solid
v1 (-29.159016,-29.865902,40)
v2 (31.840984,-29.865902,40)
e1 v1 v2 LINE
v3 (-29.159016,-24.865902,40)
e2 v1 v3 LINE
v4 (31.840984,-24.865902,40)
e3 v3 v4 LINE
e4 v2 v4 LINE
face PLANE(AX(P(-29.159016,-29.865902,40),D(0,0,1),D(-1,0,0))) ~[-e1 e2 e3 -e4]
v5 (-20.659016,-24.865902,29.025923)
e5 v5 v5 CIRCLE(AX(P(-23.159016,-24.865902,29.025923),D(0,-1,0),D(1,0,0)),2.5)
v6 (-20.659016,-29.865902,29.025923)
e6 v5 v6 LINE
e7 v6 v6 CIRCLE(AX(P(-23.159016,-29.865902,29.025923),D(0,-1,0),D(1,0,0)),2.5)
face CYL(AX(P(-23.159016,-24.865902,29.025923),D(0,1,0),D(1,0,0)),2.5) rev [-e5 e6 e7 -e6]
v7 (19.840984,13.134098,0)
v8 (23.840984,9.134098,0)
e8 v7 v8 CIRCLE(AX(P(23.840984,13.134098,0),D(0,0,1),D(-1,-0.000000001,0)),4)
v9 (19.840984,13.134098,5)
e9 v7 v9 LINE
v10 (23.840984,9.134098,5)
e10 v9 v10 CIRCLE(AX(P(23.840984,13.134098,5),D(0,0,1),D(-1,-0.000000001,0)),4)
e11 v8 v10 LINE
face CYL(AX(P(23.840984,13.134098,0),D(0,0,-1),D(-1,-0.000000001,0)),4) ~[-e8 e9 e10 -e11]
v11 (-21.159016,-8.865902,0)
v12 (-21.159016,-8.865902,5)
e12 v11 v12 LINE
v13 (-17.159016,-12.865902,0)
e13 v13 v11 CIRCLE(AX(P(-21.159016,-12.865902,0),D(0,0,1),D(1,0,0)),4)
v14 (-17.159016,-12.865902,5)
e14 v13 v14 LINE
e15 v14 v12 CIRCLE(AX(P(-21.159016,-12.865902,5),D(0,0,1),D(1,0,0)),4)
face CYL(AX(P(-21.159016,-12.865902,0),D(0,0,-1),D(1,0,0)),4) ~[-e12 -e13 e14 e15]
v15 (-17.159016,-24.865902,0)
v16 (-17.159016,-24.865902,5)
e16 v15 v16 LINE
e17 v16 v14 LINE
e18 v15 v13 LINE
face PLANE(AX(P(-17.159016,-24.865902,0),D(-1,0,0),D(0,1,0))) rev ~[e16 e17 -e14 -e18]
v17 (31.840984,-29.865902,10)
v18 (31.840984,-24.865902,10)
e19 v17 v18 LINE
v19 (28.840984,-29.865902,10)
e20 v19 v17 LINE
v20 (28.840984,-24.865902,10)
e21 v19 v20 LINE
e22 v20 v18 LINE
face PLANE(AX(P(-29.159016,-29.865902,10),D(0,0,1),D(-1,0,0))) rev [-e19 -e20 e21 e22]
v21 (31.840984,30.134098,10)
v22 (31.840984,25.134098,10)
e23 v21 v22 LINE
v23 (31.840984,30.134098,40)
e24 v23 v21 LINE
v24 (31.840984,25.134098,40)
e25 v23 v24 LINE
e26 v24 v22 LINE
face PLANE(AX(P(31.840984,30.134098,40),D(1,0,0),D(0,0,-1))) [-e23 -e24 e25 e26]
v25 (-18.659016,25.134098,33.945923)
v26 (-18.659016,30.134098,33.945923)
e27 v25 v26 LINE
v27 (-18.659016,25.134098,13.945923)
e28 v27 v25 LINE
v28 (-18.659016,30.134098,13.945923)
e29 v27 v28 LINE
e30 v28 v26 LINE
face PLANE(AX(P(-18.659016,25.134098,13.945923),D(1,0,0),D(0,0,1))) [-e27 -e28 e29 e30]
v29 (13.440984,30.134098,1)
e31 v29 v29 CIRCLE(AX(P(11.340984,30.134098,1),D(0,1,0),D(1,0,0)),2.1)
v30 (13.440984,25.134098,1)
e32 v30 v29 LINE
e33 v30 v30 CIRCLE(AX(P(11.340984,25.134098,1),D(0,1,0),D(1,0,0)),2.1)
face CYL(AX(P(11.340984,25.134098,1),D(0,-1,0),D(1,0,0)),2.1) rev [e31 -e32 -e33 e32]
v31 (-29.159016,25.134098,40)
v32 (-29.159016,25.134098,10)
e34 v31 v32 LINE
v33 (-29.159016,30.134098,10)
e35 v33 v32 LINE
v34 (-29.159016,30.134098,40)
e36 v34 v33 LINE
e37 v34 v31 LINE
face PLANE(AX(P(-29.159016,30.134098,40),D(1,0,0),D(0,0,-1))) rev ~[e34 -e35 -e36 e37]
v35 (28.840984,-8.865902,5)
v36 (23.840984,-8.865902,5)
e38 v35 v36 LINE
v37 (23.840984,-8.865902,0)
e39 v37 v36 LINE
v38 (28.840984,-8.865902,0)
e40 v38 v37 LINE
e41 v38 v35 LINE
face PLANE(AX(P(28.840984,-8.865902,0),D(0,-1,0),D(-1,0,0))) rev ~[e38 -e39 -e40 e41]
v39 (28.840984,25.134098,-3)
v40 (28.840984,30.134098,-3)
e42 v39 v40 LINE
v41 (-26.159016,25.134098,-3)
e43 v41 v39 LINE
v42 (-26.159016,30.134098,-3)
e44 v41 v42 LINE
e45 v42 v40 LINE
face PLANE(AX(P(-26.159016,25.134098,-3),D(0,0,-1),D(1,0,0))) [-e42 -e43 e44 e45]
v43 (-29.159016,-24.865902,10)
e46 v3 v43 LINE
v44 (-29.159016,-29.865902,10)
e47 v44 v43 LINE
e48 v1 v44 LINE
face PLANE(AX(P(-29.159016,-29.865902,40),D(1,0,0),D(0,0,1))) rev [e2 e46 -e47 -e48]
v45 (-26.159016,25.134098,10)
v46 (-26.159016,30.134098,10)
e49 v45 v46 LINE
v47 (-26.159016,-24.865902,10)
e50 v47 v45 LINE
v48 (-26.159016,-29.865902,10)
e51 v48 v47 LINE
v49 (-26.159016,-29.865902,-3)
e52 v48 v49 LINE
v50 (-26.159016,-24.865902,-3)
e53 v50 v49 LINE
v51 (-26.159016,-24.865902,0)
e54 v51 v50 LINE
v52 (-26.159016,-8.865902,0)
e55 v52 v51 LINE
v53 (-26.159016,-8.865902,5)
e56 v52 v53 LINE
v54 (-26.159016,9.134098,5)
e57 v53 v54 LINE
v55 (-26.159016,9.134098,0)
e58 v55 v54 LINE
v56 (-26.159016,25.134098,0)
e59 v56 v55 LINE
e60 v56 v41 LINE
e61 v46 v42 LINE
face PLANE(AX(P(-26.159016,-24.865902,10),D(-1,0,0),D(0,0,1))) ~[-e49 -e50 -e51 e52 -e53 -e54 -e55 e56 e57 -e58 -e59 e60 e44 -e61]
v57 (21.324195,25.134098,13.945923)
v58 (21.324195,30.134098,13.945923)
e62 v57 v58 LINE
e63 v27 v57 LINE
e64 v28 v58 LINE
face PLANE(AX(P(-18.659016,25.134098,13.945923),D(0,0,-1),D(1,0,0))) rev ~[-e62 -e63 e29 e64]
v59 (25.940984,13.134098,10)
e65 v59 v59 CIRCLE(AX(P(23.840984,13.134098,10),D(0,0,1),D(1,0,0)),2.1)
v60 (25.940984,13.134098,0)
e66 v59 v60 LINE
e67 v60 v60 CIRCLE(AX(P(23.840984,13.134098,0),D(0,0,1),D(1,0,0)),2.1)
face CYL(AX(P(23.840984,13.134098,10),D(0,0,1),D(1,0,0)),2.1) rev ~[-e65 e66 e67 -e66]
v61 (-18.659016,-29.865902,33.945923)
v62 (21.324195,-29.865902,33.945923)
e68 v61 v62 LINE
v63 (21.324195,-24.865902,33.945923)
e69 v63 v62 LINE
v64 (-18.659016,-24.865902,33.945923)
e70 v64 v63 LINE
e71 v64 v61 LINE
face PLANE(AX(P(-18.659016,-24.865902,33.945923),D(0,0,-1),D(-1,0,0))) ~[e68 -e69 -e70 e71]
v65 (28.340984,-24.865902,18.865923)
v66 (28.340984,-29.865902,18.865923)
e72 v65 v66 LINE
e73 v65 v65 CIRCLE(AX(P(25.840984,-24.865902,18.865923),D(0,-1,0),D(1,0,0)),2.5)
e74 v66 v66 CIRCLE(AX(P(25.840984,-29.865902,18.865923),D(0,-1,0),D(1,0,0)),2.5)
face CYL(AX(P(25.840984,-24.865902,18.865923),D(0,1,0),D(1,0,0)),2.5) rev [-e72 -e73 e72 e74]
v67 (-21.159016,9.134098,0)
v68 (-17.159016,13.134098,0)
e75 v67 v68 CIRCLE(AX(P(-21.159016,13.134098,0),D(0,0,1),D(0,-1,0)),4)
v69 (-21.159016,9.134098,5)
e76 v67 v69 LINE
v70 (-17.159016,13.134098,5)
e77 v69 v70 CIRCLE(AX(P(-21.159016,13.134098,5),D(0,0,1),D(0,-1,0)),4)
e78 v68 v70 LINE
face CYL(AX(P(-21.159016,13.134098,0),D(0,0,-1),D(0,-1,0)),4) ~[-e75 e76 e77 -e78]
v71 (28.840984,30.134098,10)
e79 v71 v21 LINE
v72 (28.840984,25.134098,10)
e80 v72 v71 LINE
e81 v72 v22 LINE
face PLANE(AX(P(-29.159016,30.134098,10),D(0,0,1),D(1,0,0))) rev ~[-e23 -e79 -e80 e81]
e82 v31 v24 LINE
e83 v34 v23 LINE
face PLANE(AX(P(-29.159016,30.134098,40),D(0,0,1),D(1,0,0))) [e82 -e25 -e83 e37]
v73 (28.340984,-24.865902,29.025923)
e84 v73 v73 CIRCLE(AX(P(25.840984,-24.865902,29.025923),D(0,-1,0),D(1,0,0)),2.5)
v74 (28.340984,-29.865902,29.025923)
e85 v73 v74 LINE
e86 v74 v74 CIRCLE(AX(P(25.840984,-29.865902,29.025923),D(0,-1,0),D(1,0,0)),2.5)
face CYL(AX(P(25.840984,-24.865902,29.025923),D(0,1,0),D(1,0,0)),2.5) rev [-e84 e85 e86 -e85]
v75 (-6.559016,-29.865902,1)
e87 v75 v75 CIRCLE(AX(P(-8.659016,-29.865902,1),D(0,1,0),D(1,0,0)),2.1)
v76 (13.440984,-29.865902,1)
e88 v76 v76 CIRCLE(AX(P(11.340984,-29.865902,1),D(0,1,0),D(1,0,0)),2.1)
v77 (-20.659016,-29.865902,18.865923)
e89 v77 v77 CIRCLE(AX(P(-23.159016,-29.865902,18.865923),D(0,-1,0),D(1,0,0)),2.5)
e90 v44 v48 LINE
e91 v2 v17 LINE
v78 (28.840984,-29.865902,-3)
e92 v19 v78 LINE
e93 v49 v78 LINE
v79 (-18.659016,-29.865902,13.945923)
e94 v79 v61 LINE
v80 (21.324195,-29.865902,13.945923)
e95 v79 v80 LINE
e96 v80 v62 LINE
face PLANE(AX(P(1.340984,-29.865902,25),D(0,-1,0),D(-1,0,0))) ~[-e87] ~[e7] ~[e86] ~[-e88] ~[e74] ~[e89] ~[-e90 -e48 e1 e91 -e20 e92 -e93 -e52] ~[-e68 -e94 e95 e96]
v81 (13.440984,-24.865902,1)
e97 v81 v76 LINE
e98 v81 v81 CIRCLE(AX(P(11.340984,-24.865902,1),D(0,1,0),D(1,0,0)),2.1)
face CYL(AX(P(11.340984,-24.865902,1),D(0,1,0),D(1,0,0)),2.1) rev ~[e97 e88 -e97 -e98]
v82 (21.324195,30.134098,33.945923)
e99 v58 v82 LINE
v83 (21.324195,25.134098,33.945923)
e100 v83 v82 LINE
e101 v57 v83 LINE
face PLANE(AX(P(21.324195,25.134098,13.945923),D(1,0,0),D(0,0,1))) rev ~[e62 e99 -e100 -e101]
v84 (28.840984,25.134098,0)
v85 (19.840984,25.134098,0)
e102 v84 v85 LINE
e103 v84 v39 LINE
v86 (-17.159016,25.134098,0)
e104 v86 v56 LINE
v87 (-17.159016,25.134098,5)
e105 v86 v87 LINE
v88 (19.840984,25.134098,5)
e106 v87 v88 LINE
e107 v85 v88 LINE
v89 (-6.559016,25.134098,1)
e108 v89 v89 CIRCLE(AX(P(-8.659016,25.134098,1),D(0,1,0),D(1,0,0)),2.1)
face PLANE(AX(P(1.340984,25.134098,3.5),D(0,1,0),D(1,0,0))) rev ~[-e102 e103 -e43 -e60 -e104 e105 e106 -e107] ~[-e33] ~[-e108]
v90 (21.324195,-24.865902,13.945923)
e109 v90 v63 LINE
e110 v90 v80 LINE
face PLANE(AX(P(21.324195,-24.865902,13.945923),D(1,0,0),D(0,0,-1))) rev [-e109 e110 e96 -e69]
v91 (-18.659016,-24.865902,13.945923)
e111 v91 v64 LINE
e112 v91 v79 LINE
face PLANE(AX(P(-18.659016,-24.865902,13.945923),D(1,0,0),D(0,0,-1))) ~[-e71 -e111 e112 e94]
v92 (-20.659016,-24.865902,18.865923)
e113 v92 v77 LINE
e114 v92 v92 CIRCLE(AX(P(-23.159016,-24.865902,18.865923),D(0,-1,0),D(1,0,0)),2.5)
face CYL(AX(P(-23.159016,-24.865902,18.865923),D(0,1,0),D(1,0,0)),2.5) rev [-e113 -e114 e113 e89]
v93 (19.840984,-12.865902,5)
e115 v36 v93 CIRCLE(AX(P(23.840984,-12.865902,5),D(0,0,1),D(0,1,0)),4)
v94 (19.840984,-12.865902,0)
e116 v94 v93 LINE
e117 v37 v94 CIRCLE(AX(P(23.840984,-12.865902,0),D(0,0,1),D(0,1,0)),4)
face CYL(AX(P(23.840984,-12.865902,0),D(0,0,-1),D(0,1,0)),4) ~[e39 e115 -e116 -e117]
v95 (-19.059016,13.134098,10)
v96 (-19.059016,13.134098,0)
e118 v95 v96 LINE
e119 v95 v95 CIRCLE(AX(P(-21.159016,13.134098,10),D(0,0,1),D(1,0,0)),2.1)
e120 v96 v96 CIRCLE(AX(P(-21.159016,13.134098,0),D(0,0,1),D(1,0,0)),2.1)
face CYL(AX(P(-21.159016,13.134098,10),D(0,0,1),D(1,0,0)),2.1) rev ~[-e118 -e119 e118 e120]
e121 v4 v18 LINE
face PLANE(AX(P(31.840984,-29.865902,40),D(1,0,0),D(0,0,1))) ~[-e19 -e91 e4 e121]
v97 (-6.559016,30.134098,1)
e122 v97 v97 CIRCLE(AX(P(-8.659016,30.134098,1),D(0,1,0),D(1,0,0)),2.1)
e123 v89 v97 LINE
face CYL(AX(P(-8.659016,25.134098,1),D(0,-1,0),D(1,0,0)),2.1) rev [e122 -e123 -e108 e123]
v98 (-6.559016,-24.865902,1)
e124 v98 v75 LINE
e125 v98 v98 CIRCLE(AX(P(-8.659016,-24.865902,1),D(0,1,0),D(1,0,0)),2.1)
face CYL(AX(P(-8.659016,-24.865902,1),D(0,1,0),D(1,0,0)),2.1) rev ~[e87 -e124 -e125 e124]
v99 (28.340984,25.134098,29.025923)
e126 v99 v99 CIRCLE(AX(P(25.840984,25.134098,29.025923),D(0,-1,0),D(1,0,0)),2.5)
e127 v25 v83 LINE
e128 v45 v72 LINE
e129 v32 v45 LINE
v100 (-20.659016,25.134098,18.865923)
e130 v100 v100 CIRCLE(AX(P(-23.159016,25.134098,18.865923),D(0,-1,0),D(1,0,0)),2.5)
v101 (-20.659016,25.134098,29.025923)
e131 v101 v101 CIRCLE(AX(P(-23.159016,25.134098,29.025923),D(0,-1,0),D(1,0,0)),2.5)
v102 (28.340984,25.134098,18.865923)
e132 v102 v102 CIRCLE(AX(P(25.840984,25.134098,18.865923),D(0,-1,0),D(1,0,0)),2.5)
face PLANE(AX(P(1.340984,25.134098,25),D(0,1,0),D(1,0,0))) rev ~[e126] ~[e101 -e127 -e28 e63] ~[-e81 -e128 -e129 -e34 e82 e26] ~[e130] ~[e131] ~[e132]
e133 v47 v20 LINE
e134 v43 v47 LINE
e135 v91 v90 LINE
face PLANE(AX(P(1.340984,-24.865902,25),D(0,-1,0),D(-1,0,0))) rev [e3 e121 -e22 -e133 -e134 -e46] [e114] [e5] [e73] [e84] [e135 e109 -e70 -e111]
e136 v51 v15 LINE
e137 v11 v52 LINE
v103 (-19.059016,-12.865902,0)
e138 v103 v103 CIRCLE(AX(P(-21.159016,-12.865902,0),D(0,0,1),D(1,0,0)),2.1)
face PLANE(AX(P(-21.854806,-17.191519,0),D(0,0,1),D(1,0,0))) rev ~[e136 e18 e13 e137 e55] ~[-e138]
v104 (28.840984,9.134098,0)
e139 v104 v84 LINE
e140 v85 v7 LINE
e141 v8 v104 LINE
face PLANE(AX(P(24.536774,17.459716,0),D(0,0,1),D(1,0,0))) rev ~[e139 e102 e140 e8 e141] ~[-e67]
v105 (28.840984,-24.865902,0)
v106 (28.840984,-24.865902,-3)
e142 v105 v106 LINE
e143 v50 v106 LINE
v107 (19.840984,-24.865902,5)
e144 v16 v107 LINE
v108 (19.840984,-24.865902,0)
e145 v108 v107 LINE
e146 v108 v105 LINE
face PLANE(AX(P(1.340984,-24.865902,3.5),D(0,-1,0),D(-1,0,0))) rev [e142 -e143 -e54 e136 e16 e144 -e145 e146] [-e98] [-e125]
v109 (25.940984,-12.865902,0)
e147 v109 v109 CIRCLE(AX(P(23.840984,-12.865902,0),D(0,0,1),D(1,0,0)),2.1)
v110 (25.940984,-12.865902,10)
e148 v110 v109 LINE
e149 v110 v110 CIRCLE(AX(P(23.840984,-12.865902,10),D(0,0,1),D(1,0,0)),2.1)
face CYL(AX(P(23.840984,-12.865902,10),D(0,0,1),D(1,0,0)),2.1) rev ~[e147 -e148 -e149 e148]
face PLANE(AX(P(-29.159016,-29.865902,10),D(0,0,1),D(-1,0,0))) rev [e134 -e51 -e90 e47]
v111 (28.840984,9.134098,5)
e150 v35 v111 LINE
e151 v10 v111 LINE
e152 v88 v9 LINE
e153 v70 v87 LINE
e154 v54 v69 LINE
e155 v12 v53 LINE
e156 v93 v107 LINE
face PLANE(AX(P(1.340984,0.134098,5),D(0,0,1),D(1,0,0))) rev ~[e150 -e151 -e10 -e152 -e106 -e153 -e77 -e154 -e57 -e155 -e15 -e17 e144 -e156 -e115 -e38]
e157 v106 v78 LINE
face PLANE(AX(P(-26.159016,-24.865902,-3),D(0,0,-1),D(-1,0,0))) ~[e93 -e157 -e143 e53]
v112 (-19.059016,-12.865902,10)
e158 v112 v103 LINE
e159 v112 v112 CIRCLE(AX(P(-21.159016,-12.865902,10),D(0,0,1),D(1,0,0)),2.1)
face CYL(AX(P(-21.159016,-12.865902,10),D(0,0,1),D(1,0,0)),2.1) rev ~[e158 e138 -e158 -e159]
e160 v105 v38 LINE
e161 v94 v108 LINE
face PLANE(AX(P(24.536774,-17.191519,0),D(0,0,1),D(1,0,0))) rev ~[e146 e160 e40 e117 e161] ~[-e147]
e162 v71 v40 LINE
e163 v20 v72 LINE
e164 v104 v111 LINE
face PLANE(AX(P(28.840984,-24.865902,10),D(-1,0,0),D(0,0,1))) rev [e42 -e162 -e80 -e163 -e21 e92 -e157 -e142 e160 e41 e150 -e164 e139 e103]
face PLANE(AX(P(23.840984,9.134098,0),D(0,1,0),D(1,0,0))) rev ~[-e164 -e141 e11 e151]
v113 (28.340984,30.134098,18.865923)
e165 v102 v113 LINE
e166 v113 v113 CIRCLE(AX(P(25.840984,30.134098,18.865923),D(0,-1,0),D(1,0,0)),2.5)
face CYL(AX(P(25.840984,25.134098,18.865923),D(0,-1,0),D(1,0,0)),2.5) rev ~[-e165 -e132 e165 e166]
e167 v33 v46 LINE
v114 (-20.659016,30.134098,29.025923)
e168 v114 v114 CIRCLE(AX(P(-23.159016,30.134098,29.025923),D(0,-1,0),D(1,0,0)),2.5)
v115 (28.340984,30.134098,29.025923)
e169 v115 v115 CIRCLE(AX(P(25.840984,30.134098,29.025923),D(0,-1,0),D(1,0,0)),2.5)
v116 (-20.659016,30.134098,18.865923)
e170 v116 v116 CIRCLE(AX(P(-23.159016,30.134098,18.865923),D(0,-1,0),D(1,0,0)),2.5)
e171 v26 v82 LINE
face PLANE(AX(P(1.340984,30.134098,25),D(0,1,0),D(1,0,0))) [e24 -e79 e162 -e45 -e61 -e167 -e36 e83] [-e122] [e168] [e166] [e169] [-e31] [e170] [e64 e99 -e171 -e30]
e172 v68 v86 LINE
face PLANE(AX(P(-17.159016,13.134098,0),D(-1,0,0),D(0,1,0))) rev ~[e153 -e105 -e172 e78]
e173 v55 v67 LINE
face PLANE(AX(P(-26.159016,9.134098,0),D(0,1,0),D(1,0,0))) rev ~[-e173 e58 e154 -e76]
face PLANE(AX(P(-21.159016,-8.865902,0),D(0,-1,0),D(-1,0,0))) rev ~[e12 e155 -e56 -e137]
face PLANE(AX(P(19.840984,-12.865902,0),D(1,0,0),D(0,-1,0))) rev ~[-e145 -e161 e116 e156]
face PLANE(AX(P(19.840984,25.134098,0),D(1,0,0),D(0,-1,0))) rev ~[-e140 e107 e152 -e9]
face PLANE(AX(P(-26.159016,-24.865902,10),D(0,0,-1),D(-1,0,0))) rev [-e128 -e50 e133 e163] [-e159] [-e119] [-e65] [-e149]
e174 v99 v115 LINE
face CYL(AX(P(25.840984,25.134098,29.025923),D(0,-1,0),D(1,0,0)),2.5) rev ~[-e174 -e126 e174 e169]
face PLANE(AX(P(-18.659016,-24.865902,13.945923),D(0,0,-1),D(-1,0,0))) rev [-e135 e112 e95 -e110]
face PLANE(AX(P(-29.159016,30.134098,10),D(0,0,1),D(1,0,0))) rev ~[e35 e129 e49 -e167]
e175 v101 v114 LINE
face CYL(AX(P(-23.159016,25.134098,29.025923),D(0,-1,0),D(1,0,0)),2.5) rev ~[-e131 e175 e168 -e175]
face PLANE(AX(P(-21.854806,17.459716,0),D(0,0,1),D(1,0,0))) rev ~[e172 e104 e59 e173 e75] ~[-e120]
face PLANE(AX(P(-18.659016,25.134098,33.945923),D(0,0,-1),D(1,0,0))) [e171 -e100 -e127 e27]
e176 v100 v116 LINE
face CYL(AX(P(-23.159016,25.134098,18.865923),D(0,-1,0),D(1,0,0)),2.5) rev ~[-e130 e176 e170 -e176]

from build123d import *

# Parameters (mm, degrees)
BOSS_EXTRUDE1_DEPTH   = 5
BOSS_EXTRUDE1_2_DEPTH = 5
BOSS_EXTRUDE1_3_DEPTH = 5
BOSS_EXTRUDE1_4_DEPTH = 5
SKETCH2_W             = 55
SKETCH2_H             = 50
BOSS_EXTRUDE2_DEPTH   = 5
SKETCH3_W             = 55
SKETCH3_H             = 13
SKETCH3_R             = 2.1
BOSS_EXTRUDE3_DEPTH   = 5
SKETCH4_W             = 61
SKETCH4_H             = 30
BOSS_EXTRUDE4_DEPTH   = 5
SKETCH5_R             = 2.5
SKETCH5_W             = 39.983210939
SKETCH5_H             = 20
CUT_EXTRUDE3_DEPTH    = 5
SKETCH7_R             = 2.1
CUT_EXTRUDE4_DEPTH    = 14


with BuildPart() as part:
    # Sketch1 → Boss-Extrude1 (new body)
    with BuildSketch(Plane.XY):
        with BuildLine():
            Line((23.840984083, 9.134098408), (28.840984083, 9.134098408))
            Line((28.840984083, 9.134098408), (28.840984083, 25.134098408))
            Line((28.840984083, 25.134098408), (19.840984083, 25.134098408))
            Line((19.840984083, 25.134098408), (19.840984083, 13.134098408))
            ThreePointArc((19.840984083, 13.134098408), (21.012556959, 10.305671284), (23.840984083, 9.134098408))
        make_face()
    extrude(amount=BOSS_EXTRUDE1_DEPTH)



with BuildPart() as body_2:
    # Sketch1 → Boss-Extrude1 2 (new body)
    with BuildSketch(Plane.XY):
        with BuildLine():
            Line((-26.159015917, 9.134098408), (-21.159015917, 9.134098408))
            ThreePointArc((-21.159015917, 9.134098408), (-18.330588792, 10.305671284), (-17.159015917, 13.134098408))
            Line((-17.159015917, 13.134098408), (-17.159015917, 25.134098408))
            Line((-17.159015917, 25.134098408), (-26.159015917, 25.134098408))
            Line((-26.159015917, 25.134098408), (-26.159015917, 9.134098408))
        make_face()
    extrude(amount=BOSS_EXTRUDE1_2_DEPTH)


with BuildPart() as body_3:
    # Sketch1 → Boss-Extrude1 3 (new body)
    with BuildSketch(Plane.XY):
        with BuildLine():
            Line((28.840984083, -8.865901592), (23.840984083, -8.865901592))
            ThreePointArc((23.840984083, -8.865901592), (21.012556959, -10.037474467), (19.840984083, -12.865901592))
            Line((19.840984083, -12.865901592), (19.840984083, -24.865901592))
            Line((19.840984083, -24.865901592), (28.840984083, -24.865901592))
            Line((28.840984083, -24.865901592), (28.840984083, -8.865901592))
        make_face()
    extrude(amount=BOSS_EXTRUDE1_3_DEPTH)


with BuildPart() as body_4:
    # Sketch1 → Boss-Extrude1 4 (new body)
    with BuildSketch(Plane.XY):
        with BuildLine():
            Line((-17.159015917, -24.865901592), (-17.159015917, -12.865901592))
            ThreePointArc((-17.159015917, -12.865901592), (-18.330588792, -10.037474467), (-21.159015917, -8.865901592))
            Line((-21.159015917, -8.865901592), (-26.159015917, -8.865901592))
            Line((-26.159015917, -8.865901592), (-26.159015917, -24.865901592))
            Line((-26.159015917, -24.865901592), (-17.159015917, -24.865901592))
        make_face()
    extrude(amount=BOSS_EXTRUDE1_4_DEPTH)


with BuildPart() as part_1:
    add(part.part)

    add(body_2.part)  # Boss-Extrude2 merges body 2

    add(body_3.part)  # Boss-Extrude2 merges body 3

    add(body_4.part)  # Boss-Extrude2 merges body 4
    # Sketch2 → Boss-Extrude2 (add)
    with BuildSketch(Plane.XY.offset(5)):
        with Locations((1.340984083, 0.134098408)):
            Rectangle(SKETCH2_W, SKETCH2_H)
    extrude(amount=BOSS_EXTRUDE2_DEPTH)

    # Sketch3 → Boss-Extrude3 (add)
    with BuildSketch(Plane(origin=(0, 25.134098408, 0), x_dir=(1, 0, 0), z_dir=(0, 1, 0))):
        with Locations((1.340984083, -3.5)):
            Rectangle(SKETCH3_W, SKETCH3_H)
        with Locations((-8.659015917, -1)):
            Circle(SKETCH3_R, mode=Mode.SUBTRACT)
        with Locations((11.340984083, -1)):
            Circle(SKETCH3_R, mode=Mode.SUBTRACT)
    boss_extrude3 = extrude(amount=BOSS_EXTRUDE3_DEPTH)

    # Mirror1: Boss-Extrude3 across plane
    add(boss_extrude3.mirror(Plane(origin=(0, 0.134098408, 0), x_dir=(0, 0, 1), z_dir=(0, -1, 0))))

    # Sketch4 → Boss-Extrude4 (add)
    with BuildSketch(Plane(origin=(0, 30.134098408, 0), x_dir=(1, 0, 0), z_dir=(0, 1, 0))):
        with Locations((1.340984083, -25)):
            Rectangle(SKETCH4_W, SKETCH4_H)
    boss_extrude4 = extrude(amount=-BOSS_EXTRUDE4_DEPTH)

    # Mirror2: Boss-Extrude4 across plane
    add(boss_extrude4.mirror(Plane(origin=(0, 0.134098408, 0), x_dir=(0, 0, 1), z_dir=(0, -1, 0))))

    # Sketch5 → Cut-Extrude3 (cut)
    with BuildSketch(Plane.XZ.offset(-25.134098408)):
        with Locations((-23.159015917, 29.025922811)):
            Circle(SKETCH5_R)
        with Locations((-23.159015917, 18.865922811)):
            Circle(SKETCH5_R)
        with Locations((25.840984083, 29.025922811)):
            Circle(SKETCH5_R)
        with Locations((25.840984083, 18.865922811)):
            Circle(SKETCH5_R)
        with Locations((1.332589552, 23.945922811)):
            Rectangle(SKETCH5_W, SKETCH5_H)
    cut_extrude3 = extrude(amount=-CUT_EXTRUDE3_DEPTH, mode=Mode.SUBTRACT)

    # Sketch7 → Cut-Extrude4 (cut, through all)
    with BuildSketch(Plane.XY.offset(10)):
        with Locations((23.840984083, -12.865901592)):
            Circle(SKETCH7_R)
        with Locations((-21.159015917, -12.865901592)):
            Circle(SKETCH7_R)
        with Locations((23.840984083, 13.134098408)):
            Circle(SKETCH7_R)
        with Locations((-21.159015917, 13.134098408)):
            Circle(SKETCH7_R)
    extrude(amount=-CUT_EXTRUDE4_DEPTH, mode=Mode.SUBTRACT)

    # Mirror3: Cut-Extrude3 across plane
    add(cut_extrude3.mirror(Plane(origin=(0, 0.134098408, 0), x_dir=(0, 0, 1), z_dir=(0, -1, 0))), mode=Mode.SUBTRACT)


solid = part_1.part
